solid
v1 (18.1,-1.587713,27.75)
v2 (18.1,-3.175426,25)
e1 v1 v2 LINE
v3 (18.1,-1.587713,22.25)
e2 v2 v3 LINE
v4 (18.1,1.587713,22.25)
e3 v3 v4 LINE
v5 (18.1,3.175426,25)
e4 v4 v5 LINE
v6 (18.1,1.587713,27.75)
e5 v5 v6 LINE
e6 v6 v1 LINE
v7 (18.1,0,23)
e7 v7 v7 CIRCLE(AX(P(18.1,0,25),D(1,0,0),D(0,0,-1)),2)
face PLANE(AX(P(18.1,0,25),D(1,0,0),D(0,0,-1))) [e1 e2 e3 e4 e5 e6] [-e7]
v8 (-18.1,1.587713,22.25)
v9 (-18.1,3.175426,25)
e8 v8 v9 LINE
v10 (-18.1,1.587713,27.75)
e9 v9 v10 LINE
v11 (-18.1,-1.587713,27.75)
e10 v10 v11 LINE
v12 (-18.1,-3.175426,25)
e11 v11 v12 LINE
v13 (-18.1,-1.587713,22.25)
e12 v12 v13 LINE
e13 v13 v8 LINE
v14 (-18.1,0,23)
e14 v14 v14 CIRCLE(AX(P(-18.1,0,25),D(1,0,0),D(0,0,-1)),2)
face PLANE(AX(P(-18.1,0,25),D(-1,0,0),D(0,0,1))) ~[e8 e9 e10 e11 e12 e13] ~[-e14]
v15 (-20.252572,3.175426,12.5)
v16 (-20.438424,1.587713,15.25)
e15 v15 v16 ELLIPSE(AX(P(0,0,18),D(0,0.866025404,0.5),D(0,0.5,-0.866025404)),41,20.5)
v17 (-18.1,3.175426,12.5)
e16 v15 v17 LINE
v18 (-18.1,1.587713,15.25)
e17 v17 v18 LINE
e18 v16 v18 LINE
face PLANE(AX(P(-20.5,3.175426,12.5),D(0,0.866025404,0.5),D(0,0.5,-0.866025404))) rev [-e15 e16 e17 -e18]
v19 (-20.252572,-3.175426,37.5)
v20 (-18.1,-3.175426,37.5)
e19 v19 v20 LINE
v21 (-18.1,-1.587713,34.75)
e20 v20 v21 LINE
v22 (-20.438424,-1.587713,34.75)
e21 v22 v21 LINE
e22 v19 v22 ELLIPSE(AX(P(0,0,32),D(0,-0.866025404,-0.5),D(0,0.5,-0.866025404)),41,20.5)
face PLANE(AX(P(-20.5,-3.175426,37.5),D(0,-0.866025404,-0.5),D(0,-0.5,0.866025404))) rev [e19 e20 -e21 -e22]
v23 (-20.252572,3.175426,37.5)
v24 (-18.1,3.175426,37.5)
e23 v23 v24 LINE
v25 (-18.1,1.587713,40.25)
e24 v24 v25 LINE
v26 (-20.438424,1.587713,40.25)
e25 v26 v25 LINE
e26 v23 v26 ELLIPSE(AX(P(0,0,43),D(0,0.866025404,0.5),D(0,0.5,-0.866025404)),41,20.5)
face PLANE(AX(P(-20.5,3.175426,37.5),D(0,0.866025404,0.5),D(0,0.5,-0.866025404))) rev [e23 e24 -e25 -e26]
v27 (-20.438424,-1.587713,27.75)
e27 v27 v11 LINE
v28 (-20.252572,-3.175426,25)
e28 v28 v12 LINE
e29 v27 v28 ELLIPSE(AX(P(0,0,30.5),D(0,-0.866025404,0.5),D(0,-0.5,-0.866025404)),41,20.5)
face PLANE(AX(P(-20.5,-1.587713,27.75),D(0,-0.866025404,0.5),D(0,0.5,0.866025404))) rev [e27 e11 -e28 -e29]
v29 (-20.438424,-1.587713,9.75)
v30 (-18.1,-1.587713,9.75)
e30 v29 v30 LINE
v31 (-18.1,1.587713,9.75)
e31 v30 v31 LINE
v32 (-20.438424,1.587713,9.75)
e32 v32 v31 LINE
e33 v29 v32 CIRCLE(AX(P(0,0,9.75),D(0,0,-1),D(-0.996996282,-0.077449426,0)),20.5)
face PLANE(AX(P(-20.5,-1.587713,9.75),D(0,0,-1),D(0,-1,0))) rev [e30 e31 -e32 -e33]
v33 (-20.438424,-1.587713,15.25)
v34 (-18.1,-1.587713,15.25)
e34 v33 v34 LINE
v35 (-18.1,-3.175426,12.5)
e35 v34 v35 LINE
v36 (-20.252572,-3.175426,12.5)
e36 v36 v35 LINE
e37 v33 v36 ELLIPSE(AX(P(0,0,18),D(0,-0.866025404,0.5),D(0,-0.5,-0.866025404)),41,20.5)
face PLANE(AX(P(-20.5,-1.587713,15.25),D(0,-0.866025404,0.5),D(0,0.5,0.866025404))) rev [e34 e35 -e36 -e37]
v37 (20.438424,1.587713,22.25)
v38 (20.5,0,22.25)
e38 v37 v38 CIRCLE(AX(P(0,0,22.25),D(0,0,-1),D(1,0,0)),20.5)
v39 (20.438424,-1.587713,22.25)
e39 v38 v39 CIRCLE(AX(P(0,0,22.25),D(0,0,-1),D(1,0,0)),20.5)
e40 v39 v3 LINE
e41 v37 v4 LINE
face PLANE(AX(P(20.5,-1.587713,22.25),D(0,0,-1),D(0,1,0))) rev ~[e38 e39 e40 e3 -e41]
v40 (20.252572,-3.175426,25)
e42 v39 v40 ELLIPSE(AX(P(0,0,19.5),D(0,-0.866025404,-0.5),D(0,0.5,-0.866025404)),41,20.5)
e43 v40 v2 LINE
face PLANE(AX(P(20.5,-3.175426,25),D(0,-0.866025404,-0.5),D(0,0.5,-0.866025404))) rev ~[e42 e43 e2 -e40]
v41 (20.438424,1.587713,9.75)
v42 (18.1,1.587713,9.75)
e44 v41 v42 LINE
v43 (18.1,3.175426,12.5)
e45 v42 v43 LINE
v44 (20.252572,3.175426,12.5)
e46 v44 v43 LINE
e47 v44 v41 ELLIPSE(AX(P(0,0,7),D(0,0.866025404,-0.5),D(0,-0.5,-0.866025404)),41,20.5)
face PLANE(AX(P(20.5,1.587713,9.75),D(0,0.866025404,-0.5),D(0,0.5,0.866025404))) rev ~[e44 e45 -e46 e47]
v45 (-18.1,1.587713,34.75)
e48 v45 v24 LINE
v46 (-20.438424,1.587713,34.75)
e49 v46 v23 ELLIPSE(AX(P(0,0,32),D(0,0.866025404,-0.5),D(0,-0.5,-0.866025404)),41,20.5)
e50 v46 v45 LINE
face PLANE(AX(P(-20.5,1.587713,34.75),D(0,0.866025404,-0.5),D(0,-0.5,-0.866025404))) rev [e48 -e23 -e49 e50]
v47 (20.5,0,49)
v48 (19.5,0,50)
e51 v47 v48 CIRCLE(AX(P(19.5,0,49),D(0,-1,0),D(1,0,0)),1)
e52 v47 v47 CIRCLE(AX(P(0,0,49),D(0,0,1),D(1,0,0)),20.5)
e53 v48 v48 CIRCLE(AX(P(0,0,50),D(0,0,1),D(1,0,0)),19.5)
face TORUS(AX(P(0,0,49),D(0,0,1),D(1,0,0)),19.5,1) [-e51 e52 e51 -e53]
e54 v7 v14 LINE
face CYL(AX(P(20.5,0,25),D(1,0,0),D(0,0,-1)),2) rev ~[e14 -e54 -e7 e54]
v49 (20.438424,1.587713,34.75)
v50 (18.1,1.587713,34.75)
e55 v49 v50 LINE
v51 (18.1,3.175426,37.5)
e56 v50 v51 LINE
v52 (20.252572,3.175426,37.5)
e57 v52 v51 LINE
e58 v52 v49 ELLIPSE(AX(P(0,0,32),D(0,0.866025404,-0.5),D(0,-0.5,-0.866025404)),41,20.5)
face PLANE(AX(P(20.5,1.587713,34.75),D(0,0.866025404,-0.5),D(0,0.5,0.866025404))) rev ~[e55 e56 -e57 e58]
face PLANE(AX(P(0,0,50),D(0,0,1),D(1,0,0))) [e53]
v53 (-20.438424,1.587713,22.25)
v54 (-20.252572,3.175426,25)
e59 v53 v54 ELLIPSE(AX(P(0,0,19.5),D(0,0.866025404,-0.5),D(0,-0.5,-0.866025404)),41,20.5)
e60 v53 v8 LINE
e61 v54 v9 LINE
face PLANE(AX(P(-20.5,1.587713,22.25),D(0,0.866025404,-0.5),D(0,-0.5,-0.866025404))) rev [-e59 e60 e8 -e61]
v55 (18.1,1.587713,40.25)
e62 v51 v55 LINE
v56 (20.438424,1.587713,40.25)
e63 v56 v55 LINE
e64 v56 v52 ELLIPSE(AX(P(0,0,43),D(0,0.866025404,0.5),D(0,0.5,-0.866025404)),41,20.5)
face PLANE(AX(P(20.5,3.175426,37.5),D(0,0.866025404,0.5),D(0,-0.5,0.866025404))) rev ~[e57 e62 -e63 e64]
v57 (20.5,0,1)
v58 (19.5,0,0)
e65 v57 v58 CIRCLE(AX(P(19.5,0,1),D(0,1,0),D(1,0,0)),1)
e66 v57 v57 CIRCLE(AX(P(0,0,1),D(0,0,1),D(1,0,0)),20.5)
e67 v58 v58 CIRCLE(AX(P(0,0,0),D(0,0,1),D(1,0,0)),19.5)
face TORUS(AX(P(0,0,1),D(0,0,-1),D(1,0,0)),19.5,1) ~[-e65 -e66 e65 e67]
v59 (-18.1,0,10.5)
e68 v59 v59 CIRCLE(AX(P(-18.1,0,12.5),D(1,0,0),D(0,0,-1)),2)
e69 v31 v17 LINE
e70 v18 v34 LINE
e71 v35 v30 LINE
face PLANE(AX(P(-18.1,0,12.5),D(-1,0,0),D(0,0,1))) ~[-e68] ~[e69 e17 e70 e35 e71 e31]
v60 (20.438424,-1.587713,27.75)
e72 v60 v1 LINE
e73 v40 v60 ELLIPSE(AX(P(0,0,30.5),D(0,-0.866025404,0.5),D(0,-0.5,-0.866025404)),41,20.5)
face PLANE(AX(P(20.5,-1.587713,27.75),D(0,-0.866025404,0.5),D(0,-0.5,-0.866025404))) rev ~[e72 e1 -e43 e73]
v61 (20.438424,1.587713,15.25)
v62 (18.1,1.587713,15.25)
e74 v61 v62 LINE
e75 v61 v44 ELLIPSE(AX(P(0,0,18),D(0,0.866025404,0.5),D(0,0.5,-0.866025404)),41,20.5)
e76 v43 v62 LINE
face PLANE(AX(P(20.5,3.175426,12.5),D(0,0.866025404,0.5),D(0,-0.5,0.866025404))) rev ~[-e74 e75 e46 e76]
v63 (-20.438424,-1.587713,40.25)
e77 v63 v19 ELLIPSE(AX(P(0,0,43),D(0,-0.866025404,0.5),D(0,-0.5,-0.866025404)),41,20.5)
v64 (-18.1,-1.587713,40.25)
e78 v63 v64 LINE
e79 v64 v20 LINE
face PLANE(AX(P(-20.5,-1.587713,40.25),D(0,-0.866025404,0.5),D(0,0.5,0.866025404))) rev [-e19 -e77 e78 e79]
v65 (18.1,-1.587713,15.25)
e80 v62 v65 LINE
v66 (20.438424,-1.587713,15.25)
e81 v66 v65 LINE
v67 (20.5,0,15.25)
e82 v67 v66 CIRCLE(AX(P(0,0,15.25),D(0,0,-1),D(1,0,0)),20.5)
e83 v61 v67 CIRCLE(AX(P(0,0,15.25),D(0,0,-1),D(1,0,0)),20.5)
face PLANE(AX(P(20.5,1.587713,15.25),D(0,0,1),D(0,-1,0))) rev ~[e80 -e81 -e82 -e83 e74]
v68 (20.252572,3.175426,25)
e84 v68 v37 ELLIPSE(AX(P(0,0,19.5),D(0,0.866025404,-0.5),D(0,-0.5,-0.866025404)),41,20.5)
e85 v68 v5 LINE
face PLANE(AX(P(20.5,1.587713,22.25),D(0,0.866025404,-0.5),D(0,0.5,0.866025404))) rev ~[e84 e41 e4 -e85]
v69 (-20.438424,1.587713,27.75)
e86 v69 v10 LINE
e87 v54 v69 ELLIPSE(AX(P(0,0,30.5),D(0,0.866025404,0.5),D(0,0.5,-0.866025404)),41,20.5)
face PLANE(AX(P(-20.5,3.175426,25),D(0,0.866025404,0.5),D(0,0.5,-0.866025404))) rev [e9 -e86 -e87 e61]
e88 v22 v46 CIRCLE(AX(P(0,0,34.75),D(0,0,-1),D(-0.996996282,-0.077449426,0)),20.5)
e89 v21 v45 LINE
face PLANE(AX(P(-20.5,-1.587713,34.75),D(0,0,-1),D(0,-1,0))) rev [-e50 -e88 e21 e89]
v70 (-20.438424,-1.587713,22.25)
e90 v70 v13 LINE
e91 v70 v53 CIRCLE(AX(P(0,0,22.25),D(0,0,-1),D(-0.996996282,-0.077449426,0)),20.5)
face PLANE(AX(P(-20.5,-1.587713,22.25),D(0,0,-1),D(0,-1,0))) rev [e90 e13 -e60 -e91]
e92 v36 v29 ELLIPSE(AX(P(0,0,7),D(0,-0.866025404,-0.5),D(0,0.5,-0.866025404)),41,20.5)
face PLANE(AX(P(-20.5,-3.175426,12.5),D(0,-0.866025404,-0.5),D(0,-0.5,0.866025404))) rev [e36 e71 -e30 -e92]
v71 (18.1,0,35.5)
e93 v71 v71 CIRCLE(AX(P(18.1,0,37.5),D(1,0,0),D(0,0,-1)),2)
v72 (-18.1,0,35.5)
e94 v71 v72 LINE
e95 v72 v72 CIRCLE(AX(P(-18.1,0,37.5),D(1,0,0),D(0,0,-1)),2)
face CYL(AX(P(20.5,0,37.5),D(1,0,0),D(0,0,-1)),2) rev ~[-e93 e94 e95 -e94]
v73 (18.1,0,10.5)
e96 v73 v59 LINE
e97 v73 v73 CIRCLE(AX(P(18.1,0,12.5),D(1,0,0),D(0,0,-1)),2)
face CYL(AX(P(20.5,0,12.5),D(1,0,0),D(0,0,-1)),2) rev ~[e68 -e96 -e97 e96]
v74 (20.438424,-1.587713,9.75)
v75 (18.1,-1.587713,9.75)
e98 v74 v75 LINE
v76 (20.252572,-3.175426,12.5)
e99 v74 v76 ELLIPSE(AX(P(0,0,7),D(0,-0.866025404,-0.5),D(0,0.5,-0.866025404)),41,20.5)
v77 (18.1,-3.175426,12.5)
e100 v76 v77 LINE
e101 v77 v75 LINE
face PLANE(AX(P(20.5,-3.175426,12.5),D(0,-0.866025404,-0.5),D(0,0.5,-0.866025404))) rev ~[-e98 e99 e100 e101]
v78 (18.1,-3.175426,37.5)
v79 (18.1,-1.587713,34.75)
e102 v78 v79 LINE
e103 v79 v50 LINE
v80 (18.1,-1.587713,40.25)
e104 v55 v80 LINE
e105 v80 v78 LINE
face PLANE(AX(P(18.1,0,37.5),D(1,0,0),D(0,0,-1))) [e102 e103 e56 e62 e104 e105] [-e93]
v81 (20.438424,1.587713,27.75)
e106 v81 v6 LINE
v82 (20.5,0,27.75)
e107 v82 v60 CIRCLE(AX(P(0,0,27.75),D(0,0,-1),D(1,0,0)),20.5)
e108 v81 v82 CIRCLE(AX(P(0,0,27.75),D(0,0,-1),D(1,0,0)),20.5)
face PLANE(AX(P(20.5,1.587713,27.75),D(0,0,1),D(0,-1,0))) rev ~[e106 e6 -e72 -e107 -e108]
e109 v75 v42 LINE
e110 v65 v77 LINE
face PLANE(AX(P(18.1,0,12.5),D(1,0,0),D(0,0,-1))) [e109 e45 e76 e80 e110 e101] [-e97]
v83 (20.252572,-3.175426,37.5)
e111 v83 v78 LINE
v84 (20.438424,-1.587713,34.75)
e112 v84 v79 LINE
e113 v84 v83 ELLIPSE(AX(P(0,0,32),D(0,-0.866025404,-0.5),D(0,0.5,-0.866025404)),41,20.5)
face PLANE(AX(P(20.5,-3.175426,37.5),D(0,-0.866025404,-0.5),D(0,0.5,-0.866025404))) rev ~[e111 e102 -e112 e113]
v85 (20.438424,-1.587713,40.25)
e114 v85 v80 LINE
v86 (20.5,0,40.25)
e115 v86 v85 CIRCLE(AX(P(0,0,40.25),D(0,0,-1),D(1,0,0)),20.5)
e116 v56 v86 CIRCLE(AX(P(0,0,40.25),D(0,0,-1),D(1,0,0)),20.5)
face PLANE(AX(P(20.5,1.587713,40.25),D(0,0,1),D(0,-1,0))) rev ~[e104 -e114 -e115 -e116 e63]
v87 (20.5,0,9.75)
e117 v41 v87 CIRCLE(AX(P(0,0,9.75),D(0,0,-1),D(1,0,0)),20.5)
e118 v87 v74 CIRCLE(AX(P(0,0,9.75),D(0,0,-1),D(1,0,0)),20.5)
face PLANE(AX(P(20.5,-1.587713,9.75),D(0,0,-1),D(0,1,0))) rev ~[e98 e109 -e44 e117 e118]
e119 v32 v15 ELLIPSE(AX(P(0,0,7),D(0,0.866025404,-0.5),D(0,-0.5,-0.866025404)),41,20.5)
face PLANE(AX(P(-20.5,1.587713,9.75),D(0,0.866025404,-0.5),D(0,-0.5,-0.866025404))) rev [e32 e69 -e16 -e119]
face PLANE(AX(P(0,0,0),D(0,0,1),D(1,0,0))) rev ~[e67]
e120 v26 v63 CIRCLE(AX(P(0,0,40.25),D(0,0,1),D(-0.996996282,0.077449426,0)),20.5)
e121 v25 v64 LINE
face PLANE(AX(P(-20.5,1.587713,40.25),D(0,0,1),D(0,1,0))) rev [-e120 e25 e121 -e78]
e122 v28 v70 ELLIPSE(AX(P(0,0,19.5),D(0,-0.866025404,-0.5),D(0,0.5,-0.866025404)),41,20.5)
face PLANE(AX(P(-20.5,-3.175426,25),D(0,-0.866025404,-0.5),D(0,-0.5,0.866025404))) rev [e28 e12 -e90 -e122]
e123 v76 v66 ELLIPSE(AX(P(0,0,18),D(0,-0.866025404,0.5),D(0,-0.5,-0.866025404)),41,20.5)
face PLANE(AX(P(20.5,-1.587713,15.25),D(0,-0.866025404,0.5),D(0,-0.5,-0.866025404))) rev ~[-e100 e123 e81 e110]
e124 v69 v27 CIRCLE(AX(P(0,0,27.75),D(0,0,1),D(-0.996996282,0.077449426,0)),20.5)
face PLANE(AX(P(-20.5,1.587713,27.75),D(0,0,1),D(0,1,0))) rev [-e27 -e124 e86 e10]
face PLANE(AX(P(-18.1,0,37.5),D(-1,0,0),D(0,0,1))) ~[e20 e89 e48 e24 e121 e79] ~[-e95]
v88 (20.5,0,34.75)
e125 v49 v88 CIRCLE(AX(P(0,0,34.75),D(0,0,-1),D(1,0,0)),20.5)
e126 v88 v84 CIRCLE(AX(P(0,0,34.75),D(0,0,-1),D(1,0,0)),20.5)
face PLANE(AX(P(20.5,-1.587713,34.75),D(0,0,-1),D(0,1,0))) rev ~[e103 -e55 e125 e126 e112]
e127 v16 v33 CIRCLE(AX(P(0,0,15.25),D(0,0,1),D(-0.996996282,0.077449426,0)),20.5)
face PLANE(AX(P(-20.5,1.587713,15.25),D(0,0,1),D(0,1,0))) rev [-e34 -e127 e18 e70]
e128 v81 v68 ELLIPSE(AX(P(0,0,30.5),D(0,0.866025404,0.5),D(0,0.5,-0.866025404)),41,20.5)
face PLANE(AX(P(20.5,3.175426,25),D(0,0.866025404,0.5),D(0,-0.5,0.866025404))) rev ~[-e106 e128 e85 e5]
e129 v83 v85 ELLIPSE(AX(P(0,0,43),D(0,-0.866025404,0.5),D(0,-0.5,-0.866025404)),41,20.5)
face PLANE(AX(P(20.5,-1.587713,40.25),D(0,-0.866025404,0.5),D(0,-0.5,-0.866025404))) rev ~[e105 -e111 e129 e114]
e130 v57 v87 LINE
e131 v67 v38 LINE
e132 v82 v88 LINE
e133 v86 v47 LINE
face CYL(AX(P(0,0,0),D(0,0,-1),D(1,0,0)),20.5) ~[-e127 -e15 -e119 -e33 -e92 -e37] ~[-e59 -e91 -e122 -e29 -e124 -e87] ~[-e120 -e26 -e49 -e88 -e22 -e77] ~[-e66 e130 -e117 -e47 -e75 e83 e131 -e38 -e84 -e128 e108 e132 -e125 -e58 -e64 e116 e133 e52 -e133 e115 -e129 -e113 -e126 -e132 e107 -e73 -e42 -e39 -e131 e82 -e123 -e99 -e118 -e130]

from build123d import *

# Parameters (mm, degrees)
SKETCH_1_R          = 20.5
EXTRUDE_1_DEPTH     = 50
FILLET_1_R          = 1
FILLET_2_R          = 1
SKETCH_2_R          = 2
CUT_EXTRUDE_1_DEPTH = 68.832514358
CUT_EXTRUDE_2_DEPTH = 2.4


with BuildPart() as part:
    # Эскиз1 → Бобышка-Вытянуть1 (new body)
    with BuildSketch(Plane.XY):
        Circle(SKETCH_1_R)
    extrude(amount=EXTRUDE_1_DEPTH)

    # Скругление1
    fillet_1_edges = [part.edges().sort_by_distance(p)[0] for p in [
        (-20.5, 0, 50),
    ]]
    fillet(fillet_1_edges, radius=FILLET_1_R)

    # Скругление2
    fillet_2_edges = [part.edges().sort_by_distance(p)[0] for p in [
        (-20.5, 0, 0),
    ]]
    fillet(fillet_2_edges, radius=FILLET_2_R)

    # Эскиз2 → Вырез-Вытянуть1 (cut, through all)
    with BuildSketch(Plane(origin=(20.5, 0, 0), x_dir=(0, 0, -1), z_dir=(1, 0, 0))):
        with Locations((-37.5, 0)):
            Circle(SKETCH_2_R)
        with Locations((-25, 0)):
            Circle(SKETCH_2_R)
        with Locations((-12.5, 0)):
            Circle(SKETCH_2_R)
    extrude(amount=-CUT_EXTRUDE_1_DEPTH, mode=Mode.SUBTRACT)

    # Эскиз3 → Вырез-Вытянуть2 (cut)
    with BuildSketch(Plane(origin=(20.5, 0, 0), x_dir=(0, 0, -1), z_dir=(1, 0, 0))):
        Polygon((-25, 3.175426481), (-27.75, 1.58771324), (-27.75, -1.58771324), (-25, -3.175426481), (-22.25, -1.58771324), (-22.25, 1.58771324), align=None)
        Polygon((-37.5, 3.175426481), (-40.25, 1.58771324), (-40.25, -1.58771324), (-37.5, -3.175426481), (-34.75, -1.58771324), (-34.75, 1.58771324), align=None)
        Polygon((-12.5, 3.175426481), (-15.25, 1.58771324), (-15.25, -1.58771324), (-12.5, -3.175426481), (-9.75, -1.58771324), (-9.75, 1.58771324), align=None)
    cut_extrude_2 = extrude(amount=-CUT_EXTRUDE_2_DEPTH, mode=Mode.SUBTRACT)

    # Зеркальное отражение1: Вырез-Вытянуть2 across plane
    add(cut_extrude_2.mirror(Plane(origin=(0, 0, 0), x_dir=(0, 0, 1), z_dir=(1, 0, 0))), mode=Mode.SUBTRACT)


solid = part.part
